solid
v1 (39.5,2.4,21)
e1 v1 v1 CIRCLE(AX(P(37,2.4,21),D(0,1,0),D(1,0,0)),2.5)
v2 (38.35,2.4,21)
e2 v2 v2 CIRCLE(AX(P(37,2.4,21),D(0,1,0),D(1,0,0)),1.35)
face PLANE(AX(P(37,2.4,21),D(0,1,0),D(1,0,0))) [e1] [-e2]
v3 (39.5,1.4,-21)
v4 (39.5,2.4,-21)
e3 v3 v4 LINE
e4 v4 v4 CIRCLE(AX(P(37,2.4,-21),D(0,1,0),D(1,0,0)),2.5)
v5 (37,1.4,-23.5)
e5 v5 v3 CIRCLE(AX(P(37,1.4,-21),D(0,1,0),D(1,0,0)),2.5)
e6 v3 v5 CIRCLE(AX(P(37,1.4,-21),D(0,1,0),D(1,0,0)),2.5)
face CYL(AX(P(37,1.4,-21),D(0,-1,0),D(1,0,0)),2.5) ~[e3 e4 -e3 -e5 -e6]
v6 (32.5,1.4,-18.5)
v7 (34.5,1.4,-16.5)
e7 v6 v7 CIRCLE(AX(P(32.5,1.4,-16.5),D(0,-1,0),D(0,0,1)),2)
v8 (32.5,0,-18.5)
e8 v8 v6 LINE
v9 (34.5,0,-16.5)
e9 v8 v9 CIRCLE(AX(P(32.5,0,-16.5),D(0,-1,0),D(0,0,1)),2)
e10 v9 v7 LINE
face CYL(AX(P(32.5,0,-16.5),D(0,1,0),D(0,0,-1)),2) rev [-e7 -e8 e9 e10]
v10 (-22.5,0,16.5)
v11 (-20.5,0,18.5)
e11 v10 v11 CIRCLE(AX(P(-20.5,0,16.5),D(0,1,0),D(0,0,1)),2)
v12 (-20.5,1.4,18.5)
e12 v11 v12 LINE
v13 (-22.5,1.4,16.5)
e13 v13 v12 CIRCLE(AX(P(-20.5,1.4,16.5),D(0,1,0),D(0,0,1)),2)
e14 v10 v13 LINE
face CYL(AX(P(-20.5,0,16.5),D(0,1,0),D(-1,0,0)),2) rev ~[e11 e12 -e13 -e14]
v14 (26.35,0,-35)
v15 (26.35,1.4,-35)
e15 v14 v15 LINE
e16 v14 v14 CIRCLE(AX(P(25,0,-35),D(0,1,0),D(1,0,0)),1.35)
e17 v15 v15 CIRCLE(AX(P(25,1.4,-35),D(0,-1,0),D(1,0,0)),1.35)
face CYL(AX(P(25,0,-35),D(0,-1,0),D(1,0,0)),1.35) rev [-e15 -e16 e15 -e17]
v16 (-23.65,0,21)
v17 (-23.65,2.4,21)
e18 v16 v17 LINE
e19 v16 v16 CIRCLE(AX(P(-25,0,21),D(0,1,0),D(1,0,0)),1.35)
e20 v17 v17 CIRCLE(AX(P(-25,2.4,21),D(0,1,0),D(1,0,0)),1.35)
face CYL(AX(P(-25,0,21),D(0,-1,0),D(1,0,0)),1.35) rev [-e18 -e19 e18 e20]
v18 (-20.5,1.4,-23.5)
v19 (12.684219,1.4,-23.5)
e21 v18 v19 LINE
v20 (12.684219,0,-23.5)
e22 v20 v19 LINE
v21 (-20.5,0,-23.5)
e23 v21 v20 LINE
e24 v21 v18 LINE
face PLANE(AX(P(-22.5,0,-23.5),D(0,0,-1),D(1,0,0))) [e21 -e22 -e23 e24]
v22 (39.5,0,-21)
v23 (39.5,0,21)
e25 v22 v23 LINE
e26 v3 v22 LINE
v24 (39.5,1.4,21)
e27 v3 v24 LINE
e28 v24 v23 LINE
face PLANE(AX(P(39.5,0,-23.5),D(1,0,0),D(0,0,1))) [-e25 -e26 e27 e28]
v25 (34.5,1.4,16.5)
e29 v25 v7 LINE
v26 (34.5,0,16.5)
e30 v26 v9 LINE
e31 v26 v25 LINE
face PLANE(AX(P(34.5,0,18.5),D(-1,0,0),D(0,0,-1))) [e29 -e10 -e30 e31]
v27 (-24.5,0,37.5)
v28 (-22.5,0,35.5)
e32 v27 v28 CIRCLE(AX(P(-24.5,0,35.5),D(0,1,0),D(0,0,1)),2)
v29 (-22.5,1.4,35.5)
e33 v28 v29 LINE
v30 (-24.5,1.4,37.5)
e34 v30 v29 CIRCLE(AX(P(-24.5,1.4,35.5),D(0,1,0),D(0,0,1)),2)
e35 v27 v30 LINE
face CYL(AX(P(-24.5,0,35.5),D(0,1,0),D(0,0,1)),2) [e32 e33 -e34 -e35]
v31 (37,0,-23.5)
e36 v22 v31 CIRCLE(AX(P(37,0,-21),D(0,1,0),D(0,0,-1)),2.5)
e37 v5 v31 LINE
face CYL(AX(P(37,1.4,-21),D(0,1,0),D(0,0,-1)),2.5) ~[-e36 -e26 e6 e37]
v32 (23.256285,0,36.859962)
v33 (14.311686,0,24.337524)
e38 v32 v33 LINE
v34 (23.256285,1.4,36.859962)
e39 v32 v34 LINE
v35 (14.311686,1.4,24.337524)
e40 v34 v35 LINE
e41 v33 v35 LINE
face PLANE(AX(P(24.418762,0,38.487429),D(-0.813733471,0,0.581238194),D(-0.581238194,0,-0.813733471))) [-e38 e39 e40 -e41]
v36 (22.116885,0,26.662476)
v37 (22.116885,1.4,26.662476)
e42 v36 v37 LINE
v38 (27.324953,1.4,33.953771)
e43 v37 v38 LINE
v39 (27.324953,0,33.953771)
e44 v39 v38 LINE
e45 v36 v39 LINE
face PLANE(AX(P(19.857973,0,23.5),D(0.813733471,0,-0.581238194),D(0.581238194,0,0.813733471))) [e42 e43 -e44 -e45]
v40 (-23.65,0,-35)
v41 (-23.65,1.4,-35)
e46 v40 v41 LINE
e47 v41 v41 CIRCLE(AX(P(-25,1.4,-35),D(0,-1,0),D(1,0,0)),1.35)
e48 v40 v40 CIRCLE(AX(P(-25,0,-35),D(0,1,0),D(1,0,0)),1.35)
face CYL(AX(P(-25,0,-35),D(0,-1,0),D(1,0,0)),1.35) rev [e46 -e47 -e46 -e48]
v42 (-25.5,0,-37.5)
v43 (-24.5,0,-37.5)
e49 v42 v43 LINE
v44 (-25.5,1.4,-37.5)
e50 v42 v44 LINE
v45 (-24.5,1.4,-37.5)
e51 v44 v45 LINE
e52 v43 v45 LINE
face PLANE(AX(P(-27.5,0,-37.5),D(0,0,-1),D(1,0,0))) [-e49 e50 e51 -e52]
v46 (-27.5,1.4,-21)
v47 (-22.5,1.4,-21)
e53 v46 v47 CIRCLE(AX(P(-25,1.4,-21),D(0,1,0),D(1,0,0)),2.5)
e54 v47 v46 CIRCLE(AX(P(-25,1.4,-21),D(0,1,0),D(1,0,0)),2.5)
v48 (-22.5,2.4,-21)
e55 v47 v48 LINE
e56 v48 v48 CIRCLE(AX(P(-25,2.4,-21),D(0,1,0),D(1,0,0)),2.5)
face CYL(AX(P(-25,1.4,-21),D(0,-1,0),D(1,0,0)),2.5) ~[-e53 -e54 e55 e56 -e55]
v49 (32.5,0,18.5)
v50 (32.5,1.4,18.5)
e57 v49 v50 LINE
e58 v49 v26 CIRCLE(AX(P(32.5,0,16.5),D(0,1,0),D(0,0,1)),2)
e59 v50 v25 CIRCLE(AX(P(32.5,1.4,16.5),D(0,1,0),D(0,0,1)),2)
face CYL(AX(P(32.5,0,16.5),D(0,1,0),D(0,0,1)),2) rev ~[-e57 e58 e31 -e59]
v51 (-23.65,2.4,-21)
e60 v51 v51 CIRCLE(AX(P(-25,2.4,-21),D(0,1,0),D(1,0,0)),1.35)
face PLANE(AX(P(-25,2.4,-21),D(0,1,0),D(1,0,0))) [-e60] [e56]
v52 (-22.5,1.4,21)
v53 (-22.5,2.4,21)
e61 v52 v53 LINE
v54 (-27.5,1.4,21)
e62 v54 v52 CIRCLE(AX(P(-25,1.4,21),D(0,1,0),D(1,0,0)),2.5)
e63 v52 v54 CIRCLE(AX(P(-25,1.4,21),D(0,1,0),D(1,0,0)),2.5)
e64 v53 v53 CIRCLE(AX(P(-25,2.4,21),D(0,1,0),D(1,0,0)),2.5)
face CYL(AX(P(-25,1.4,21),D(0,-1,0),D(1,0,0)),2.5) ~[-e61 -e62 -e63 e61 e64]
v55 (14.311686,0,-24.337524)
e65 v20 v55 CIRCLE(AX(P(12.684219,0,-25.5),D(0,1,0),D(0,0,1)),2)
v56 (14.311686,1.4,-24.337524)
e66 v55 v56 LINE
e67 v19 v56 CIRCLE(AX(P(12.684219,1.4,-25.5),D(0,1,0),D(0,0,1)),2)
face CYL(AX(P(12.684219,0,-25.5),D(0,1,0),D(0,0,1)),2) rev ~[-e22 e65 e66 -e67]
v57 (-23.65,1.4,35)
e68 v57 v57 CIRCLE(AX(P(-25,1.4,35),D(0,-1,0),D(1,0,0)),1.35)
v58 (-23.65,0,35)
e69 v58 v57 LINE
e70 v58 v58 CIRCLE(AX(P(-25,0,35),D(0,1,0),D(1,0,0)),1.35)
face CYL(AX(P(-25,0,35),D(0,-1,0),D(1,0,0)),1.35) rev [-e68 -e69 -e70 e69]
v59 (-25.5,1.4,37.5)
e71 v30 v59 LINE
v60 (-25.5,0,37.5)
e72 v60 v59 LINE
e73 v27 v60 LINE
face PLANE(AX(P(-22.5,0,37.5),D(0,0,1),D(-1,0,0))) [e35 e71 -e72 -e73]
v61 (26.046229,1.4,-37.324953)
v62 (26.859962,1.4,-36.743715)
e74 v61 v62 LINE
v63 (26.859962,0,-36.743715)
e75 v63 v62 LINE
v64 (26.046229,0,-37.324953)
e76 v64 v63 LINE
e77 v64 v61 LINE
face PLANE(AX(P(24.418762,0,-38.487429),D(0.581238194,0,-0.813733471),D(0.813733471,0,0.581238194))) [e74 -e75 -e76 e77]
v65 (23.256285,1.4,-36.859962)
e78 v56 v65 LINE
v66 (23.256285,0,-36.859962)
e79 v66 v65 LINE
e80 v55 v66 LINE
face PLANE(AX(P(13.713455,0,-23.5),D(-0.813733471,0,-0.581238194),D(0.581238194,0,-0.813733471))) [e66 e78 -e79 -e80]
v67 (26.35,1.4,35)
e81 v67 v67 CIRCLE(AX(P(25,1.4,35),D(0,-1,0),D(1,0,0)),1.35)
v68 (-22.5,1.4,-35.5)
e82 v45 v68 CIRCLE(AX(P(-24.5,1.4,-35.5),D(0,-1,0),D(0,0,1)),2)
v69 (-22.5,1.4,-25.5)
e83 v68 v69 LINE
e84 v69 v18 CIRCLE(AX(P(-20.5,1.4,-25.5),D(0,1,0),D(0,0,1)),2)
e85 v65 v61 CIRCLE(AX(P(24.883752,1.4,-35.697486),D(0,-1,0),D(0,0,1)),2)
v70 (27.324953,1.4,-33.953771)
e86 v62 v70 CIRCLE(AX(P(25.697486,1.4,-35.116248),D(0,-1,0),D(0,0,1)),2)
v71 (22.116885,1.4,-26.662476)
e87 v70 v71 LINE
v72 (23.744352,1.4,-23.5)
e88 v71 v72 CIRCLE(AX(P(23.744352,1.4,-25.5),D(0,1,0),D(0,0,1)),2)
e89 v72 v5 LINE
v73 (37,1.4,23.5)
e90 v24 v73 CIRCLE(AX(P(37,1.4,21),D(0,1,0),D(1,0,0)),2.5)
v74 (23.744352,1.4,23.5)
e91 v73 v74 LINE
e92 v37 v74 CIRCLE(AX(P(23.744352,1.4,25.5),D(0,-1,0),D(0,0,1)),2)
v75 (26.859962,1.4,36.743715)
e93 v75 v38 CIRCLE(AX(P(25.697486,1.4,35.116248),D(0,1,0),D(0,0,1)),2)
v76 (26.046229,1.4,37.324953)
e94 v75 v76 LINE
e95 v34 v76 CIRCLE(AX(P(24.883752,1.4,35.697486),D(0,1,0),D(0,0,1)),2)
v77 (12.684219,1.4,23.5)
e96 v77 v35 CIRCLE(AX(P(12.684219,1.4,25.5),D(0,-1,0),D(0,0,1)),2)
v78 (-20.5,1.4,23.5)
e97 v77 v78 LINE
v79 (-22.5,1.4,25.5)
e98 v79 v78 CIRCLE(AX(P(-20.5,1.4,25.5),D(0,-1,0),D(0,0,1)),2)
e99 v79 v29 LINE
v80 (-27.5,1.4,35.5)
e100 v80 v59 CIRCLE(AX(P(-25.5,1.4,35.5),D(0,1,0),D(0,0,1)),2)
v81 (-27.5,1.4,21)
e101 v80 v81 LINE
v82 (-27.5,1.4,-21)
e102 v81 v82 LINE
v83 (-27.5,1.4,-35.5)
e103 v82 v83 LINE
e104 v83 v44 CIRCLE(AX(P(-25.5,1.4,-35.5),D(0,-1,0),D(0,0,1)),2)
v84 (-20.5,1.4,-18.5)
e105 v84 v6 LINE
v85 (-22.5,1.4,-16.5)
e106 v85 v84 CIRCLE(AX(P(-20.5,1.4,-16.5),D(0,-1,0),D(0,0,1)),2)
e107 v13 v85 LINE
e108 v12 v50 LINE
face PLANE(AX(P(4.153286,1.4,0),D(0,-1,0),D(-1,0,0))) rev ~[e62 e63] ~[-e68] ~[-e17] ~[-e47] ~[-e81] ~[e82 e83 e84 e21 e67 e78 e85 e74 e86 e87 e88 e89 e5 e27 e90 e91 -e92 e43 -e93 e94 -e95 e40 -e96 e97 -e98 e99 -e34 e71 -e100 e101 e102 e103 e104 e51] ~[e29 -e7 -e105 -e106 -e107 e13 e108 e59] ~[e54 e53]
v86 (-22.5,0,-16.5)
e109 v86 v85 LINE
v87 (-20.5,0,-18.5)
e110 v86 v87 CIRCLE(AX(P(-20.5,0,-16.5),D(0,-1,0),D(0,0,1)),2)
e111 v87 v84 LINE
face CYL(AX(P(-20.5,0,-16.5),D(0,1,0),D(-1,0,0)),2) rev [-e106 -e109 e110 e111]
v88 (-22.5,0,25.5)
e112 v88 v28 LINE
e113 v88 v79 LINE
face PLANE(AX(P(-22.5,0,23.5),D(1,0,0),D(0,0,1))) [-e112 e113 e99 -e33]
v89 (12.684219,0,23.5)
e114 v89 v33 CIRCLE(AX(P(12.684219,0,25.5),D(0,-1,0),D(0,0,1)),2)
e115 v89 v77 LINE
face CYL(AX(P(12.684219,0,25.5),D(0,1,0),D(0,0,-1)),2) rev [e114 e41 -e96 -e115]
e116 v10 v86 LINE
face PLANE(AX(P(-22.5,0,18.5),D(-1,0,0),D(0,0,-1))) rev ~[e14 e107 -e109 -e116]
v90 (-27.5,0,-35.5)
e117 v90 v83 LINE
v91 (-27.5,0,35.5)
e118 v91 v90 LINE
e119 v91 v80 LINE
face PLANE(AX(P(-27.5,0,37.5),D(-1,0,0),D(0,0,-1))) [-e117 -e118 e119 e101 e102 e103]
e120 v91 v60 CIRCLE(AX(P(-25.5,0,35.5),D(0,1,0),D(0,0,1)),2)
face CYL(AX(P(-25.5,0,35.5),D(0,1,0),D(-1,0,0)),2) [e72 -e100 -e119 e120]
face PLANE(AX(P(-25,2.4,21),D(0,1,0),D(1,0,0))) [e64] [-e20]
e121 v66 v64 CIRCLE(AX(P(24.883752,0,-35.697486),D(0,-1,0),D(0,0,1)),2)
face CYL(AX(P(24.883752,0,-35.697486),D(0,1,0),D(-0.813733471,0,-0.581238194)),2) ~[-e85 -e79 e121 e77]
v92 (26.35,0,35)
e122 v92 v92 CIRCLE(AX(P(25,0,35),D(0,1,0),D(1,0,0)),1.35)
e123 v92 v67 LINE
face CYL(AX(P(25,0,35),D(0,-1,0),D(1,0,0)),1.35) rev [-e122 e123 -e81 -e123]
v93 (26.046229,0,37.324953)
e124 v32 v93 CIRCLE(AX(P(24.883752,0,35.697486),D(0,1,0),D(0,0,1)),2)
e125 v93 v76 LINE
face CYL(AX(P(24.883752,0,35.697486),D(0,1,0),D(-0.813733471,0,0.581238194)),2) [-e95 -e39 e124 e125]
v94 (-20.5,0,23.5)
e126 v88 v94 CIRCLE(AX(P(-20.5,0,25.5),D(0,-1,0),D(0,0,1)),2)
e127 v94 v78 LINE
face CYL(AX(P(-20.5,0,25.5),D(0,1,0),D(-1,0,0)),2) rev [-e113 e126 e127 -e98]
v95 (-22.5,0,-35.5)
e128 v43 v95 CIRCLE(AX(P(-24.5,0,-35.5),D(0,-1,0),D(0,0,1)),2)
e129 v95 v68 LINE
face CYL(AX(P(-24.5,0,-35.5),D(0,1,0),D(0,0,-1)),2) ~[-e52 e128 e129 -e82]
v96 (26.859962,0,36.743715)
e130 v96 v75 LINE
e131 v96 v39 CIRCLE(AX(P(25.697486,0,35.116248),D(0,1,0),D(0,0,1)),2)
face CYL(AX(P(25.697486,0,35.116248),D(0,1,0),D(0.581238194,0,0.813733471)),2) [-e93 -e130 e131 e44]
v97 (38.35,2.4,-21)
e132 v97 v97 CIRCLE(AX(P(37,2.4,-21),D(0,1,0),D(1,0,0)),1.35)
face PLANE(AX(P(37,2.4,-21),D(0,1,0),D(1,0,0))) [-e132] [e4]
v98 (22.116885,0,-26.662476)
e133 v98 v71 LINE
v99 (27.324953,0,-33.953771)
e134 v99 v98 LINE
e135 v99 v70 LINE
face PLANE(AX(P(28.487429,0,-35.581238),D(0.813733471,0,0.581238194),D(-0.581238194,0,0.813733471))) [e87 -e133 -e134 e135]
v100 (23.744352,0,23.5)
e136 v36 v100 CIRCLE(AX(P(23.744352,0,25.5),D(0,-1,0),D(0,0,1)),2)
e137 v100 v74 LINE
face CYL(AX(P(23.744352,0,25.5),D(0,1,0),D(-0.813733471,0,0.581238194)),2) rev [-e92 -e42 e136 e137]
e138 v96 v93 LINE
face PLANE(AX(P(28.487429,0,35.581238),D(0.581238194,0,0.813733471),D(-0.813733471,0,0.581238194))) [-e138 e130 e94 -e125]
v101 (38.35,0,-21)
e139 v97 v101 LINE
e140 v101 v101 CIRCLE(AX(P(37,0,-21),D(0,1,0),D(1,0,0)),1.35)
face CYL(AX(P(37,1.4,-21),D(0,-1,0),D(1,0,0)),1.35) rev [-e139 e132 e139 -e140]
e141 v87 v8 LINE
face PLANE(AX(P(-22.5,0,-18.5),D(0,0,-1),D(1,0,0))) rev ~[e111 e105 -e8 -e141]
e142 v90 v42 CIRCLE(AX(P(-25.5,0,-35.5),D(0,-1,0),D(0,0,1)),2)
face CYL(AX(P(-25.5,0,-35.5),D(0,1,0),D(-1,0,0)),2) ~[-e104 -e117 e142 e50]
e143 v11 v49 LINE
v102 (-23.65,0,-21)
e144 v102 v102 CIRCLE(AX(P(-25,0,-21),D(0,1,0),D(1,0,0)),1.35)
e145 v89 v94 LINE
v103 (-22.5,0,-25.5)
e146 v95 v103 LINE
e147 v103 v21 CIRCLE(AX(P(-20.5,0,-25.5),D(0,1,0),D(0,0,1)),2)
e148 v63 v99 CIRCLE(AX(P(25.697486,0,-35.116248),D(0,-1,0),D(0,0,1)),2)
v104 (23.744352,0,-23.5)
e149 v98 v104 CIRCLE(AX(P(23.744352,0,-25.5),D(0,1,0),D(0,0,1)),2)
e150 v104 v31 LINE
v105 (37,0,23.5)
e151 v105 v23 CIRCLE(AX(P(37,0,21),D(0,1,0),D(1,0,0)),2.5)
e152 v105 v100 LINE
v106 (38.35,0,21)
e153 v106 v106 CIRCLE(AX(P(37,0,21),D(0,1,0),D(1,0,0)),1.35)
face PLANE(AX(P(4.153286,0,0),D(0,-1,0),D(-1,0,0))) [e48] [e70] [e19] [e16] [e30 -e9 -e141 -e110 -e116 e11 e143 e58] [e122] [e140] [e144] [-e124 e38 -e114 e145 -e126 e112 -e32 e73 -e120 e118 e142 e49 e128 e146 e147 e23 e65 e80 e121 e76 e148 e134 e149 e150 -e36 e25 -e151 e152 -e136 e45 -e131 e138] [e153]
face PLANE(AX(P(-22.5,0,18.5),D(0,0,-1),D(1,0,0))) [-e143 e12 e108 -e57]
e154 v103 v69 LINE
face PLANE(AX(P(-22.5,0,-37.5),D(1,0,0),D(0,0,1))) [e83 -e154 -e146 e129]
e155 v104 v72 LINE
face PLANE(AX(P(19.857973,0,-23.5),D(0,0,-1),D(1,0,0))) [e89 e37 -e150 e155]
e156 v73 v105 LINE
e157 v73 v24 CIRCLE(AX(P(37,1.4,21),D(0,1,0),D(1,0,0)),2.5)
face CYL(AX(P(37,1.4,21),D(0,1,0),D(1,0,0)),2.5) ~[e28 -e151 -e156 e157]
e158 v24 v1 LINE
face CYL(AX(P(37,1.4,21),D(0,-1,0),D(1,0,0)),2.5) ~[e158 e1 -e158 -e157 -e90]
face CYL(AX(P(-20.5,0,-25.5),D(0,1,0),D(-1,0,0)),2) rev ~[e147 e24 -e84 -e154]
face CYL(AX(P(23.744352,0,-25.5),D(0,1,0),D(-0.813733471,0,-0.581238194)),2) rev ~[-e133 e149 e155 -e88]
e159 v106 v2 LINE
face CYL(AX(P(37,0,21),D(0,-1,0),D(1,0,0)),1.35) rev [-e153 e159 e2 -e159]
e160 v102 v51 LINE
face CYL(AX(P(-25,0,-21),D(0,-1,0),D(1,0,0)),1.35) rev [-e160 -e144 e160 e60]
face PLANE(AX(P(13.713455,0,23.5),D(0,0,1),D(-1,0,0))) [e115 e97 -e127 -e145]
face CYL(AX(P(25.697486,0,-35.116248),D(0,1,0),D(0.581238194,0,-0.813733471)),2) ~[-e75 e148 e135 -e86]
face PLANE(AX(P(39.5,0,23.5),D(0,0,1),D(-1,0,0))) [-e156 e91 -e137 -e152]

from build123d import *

# Parameters (mm, degrees)
SKETCH2_W           = 57
SKETCH2_H           = 37
BOSS_EXTRUDE1_DEPTH = 1.4
SKETCH1_R           = 1.35
CUT_EXTRUDE2_DEPTH  = 2.4
FILLET1_R           = 2
FILLET2_R           = 2
SKETCH4_R           = 2.5
SKETCH4_R_2         = 1.35
BOSS_EXTRUDE2_DEPTH = 1
CUT_EXTRUDE3_DEPTH  = 2.4


with BuildPart() as part:
    # Sketch2 → Boss-Extrude1 (new body)
    with BuildSketch(Plane(origin=(0, 0, 0), x_dir=(1, 0, 0), z_dir=(0, 1, 0))):
        Polygon((-27.5, -37.5), (-27.5, 37.5), (-22.5, 37.5), (-22.5, 23.5), (13.713455262, 23.5), (24.418761806, 38.487429162), (28.487429162, 35.581238194), (19.85797331, 23.5), (39.5, 23.5), (39.5, -23.5), (19.85797331, -23.5), (28.487429162, -35.581238194), (24.418761806, -38.487429162), (13.713455262, -23.5), (-22.5, -23.5), (-22.5, -37.5), align=None)
        with Locations((6, 0)):
            Rectangle(SKETCH2_W, SKETCH2_H, mode=Mode.SUBTRACT)
    extrude(amount=BOSS_EXTRUDE1_DEPTH)

    # Sketch1 → Cut-Extrude2 (cut, through all)
    with BuildSketch(Plane(origin=(0, 0, 0), x_dir=(1, 0, 0), z_dir=(0, 1, 0))):
        with Locations((-25, 35)):
            Circle(SKETCH1_R)
        with Locations((25, 35)):
            Circle(SKETCH1_R)
        with Locations((25, -35)):
            Circle(SKETCH1_R)
        with Locations((-25, -35)):
            Circle(SKETCH1_R)
        with Locations((-25, 21)):
            Circle(SKETCH1_R)
        with Locations((37, 21)):
            Circle(SKETCH1_R)
        with Locations((37, -21)):
            Circle(SKETCH1_R)
        with Locations((-25, -21)):
            Circle(SKETCH1_R)
    extrude(amount=CUT_EXTRUDE2_DEPTH, mode=Mode.SUBTRACT)

    # Fillet1
    fillet1_edges = [part.edges().sort_by_distance(p)[0] for p in [
        (28.487429162, 0.7, 35.581238194),
        (24.418761806, 0.7, 38.487429162),
        (-22.5, 0.7, 37.5),
        (-27.5, 0.7, 37.5),
        (-27.5, 0.7, -37.5),
        (-22.5, 0.7, -37.5),
        (24.418761806, 0.7, -38.487429162),
        (28.487429162, 0.7, -35.581238194),
    ]]
    fillet(fillet1_edges, radius=FILLET1_R)

    # Fillet2
    fillet2_edges = [part.edges().sort_by_distance(p)[0] for p in [
        (13.713455262, 0.7, 23.5),
        (-22.5, 0.7, 23.5),
        (-22.5, 0.7, -23.5),
        (13.713455262, 0.7, -23.5),
        (19.85797331, 0.7, -23.5),
        (19.85797331, 0.7, 23.5),
        (-22.5, 0.7, 18.5),
        (34.5, 0.7, 18.5),
        (34.5, 0.7, -18.5),
        (-22.5, 0.7, -18.5),
    ]]
    fillet(fillet2_edges, radius=FILLET2_R)

    # Sketch4 → Boss-Extrude2 (add)
    with BuildSketch(Plane(origin=(0, 1.4, 0), x_dir=(1, 0, 0), z_dir=(0, 1, 0))):
        with Locations((37, 21)):
            Circle(SKETCH4_R)
        with Locations((37, 21)):
            Circle(SKETCH4_R_2, mode=Mode.SUBTRACT)
        with Locations((37, -21)):
            Circle(SKETCH4_R)
        with Locations((37, -21)):
            Circle(SKETCH4_R_2, mode=Mode.SUBTRACT)
        with Locations((-25, -21)):
            Circle(SKETCH4_R)
        with Locations((-25, -21)):
            Circle(SKETCH4_R_2, mode=Mode.SUBTRACT)
        with Locations((-25, 21)):
            Circle(SKETCH4_R)
        with Locations((-25, 21)):
            Circle(SKETCH4_R_2, mode=Mode.SUBTRACT)
    extrude(amount=BOSS_EXTRUDE2_DEPTH)

    # Sketch5 → Cut-Extrude3 (cut, through all)
    with BuildSketch(Plane(origin=(0, 1.4, 0), x_dir=(1, 0, 0), z_dir=(0, 1, 0))):
        with BuildLine():
            Line((37, -23.5), (39.5, -23.5))
            Line((39.5, -23.5), (39.5, -21))
            ThreePointArc((39.5, -21), (38.767766953, -22.767766953), (37, -23.5))
        make_face()
        with BuildLine():
            Line((39.5, 21), (39.5, 23.5))
            Line((39.5, 23.5), (37, 23.5))
            ThreePointArc((37, 23.5), (38.767766953, 22.767766953), (39.5, 21))
        make_face()
    extrude(amount=-CUT_EXTRUDE3_DEPTH, mode=Mode.SUBTRACT)


solid = part.part
